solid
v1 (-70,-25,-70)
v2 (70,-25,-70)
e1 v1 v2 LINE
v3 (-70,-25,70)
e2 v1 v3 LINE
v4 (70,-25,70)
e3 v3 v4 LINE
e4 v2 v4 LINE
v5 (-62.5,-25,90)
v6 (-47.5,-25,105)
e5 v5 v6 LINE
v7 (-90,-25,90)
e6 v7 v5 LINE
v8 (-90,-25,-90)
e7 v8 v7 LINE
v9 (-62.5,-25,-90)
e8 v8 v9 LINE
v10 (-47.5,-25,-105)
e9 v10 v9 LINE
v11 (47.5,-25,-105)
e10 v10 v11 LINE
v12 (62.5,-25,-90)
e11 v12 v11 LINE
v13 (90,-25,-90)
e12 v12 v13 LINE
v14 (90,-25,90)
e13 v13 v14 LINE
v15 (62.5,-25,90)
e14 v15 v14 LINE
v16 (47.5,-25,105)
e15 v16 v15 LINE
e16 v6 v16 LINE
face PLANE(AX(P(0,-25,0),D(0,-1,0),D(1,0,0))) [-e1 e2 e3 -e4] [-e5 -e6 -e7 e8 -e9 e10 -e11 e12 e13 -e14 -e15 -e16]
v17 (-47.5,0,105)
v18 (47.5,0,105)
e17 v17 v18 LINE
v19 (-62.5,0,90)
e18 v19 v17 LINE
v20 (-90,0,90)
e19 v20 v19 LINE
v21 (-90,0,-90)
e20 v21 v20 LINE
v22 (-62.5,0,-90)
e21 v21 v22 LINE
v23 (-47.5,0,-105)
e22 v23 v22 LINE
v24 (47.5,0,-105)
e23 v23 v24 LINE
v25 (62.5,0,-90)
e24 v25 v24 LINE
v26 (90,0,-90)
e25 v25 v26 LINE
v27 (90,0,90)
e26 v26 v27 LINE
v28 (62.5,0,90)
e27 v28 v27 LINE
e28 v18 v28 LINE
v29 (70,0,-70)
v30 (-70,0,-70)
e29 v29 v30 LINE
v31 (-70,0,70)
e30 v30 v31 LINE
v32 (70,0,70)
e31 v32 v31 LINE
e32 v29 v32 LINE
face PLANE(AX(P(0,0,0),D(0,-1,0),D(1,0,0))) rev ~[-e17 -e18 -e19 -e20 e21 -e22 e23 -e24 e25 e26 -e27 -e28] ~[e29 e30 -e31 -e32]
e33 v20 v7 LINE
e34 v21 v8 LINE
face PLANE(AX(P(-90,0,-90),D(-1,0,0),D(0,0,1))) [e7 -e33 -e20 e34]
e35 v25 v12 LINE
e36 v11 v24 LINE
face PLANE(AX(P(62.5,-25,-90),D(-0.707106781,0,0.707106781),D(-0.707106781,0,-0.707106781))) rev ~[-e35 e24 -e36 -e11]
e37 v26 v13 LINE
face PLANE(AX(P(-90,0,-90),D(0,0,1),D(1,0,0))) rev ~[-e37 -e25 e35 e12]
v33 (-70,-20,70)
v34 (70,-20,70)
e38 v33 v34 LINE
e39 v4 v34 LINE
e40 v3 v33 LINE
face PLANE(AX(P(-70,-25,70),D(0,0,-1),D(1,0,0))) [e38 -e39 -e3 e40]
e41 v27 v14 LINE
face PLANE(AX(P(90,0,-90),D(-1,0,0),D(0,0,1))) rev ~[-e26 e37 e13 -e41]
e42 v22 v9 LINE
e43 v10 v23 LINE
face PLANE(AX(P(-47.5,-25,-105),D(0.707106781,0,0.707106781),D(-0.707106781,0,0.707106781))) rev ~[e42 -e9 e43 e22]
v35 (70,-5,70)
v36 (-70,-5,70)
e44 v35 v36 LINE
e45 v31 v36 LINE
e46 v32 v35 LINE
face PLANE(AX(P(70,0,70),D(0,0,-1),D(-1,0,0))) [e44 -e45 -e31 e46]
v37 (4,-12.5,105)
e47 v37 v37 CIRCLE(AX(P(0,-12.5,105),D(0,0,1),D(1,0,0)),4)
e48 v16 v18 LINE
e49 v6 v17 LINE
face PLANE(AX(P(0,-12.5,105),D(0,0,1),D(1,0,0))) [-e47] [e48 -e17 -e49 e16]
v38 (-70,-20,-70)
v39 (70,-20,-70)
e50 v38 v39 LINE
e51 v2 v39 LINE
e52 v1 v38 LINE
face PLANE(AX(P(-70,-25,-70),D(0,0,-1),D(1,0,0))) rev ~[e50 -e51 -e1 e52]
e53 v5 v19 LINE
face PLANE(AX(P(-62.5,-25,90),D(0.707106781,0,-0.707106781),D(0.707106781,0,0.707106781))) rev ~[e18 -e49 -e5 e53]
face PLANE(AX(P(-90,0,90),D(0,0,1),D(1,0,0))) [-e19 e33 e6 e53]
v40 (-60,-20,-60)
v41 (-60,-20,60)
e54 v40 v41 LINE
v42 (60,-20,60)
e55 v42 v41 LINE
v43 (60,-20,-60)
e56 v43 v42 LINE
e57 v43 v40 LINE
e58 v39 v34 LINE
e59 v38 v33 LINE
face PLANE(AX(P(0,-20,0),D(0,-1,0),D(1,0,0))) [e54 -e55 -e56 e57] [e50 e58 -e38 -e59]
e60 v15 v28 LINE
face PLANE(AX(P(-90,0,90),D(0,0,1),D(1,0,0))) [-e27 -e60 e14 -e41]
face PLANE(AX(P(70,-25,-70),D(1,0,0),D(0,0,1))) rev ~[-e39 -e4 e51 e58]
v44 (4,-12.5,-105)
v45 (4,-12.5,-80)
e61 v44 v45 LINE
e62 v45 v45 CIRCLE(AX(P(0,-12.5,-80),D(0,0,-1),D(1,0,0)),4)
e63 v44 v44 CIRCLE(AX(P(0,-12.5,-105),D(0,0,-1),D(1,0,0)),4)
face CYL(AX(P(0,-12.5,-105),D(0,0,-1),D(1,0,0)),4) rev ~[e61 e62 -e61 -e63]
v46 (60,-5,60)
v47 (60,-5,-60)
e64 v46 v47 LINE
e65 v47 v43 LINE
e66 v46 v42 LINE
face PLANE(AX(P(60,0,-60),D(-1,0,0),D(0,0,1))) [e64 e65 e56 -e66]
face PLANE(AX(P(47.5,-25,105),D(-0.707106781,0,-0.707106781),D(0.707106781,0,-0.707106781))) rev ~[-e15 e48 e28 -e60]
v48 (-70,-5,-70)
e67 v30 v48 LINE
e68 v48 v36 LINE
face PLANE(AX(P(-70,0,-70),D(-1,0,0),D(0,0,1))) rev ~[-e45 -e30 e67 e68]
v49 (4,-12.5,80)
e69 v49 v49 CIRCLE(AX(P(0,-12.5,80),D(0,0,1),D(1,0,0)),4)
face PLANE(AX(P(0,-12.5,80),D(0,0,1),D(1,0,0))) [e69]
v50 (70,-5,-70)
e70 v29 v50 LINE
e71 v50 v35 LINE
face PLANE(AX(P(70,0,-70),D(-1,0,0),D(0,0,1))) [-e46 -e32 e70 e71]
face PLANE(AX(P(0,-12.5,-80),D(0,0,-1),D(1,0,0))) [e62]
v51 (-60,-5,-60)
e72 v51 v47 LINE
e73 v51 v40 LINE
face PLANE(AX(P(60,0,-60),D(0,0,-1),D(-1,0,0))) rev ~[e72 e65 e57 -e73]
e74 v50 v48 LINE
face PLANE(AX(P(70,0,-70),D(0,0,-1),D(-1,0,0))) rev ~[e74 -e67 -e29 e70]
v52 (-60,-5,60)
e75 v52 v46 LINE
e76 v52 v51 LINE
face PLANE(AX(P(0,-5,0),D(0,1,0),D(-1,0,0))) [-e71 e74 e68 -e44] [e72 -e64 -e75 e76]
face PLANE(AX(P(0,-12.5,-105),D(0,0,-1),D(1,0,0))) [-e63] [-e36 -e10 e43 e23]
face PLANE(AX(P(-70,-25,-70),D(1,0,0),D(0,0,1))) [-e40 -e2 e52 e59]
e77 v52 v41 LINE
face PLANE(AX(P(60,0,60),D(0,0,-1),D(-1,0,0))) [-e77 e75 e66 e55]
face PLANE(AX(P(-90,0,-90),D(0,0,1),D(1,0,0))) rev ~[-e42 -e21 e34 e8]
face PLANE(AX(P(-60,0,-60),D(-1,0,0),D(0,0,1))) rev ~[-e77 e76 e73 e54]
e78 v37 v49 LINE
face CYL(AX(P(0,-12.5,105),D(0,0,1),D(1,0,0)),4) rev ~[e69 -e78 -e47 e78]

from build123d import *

# Parameters (mm, degrees)
F0_W      = 180
F0_H      = 180
F1_DEPTH  = 25
F2_W      = 125
F2_H      = 25
F3_DEPTH  = 15
F4_W      = 125
F4_H      = 25
F5_DEPTH  = 15
F7_DEPTH  = 25
F8_W      = 120
F8_H      = 120
F9_DEPTH  = 25
F10_W     = 140
F10_H     = 140
F11_DEPTH = 5
F12_W     = 140
F12_H     = 140
F13_DEPTH = 5
F14_R     = 4
F15_DEPTH = 25
F16_R     = 4
F17_DEPTH = 25


with BuildPart() as f1:
    # F0 (on Front) → F1 (new body)
    with BuildSketch(Plane.XZ):
        Rectangle(F0_W, F0_H)
    extrude(amount=F1_DEPTH)

    # F2 (on face) → F3 (join)
    with BuildSketch(Plane(origin=(0, 0, -90), x_dir=(1, 0, 0), z_dir=(0, 0, -1))):
        with Locations((0, 12.5)):
            Rectangle(F2_W, F2_H)
    extrude(amount=F3_DEPTH)

    # F4 (on face) → F5 (join)
    with BuildSketch(Plane.XY.offset(90)):
        with Locations((0, -12.5)):
            Rectangle(F4_W, F4_H)
    extrude(amount=F5_DEPTH)

    # F6 (on face) → F7 (cut)
    with BuildSketch(Plane.XZ.offset(25)):
        Polygon((-47.5, -105), (-62.5, -90), (-62.5, -105), align=None)
        Polygon((62.5, -105), (62.5, -90), (47.5, -105), align=None)
        Polygon((-62.5, 105), (-62.5, 90), (-47.5, 105), align=None)
        Polygon((47.5, 105), (62.5, 90), (62.5, 105), align=None)
    extrude(amount=-F7_DEPTH, mode=Mode.SUBTRACT)

    # F8 (on face) → F9 (cut)
    with BuildSketch(Plane(origin=(0, 0, 0), x_dir=(-1, 0, 0), z_dir=(0, 1, 0))):
        Rectangle(F8_W, F8_H)
    extrude(amount=-F9_DEPTH, mode=Mode.SUBTRACT)

    # F10 (on face) → F11 (cut)
    with BuildSketch(Plane(origin=(0, 0, 0), x_dir=(-1, 0, 0), z_dir=(0, 1, 0))):
        Rectangle(F10_W, F10_H)
    extrude(amount=-F11_DEPTH, mode=Mode.SUBTRACT)

    # F12 (on face) → F13 (cut)
    with BuildSketch(Plane.XZ.offset(25)):
        Rectangle(F12_W, F12_H)
    extrude(amount=-F13_DEPTH, mode=Mode.SUBTRACT)

    # F14 (on face) → F15 (cut)
    with BuildSketch(Plane(origin=(0, 0, -105), x_dir=(1, 0, 0), z_dir=(0, 0, -1))):
        with Locations((0, 12.5)):
            Circle(F14_R)
    extrude(amount=-F15_DEPTH, mode=Mode.SUBTRACT)

    # F16 (on face) → F17 (cut)
    with BuildSketch(Plane.XY.offset(105)):
        with Locations((0, -12.5)):
            Circle(F16_R)
    extrude(amount=-F17_DEPTH, mode=Mode.SUBTRACT)


solid = f1.part
